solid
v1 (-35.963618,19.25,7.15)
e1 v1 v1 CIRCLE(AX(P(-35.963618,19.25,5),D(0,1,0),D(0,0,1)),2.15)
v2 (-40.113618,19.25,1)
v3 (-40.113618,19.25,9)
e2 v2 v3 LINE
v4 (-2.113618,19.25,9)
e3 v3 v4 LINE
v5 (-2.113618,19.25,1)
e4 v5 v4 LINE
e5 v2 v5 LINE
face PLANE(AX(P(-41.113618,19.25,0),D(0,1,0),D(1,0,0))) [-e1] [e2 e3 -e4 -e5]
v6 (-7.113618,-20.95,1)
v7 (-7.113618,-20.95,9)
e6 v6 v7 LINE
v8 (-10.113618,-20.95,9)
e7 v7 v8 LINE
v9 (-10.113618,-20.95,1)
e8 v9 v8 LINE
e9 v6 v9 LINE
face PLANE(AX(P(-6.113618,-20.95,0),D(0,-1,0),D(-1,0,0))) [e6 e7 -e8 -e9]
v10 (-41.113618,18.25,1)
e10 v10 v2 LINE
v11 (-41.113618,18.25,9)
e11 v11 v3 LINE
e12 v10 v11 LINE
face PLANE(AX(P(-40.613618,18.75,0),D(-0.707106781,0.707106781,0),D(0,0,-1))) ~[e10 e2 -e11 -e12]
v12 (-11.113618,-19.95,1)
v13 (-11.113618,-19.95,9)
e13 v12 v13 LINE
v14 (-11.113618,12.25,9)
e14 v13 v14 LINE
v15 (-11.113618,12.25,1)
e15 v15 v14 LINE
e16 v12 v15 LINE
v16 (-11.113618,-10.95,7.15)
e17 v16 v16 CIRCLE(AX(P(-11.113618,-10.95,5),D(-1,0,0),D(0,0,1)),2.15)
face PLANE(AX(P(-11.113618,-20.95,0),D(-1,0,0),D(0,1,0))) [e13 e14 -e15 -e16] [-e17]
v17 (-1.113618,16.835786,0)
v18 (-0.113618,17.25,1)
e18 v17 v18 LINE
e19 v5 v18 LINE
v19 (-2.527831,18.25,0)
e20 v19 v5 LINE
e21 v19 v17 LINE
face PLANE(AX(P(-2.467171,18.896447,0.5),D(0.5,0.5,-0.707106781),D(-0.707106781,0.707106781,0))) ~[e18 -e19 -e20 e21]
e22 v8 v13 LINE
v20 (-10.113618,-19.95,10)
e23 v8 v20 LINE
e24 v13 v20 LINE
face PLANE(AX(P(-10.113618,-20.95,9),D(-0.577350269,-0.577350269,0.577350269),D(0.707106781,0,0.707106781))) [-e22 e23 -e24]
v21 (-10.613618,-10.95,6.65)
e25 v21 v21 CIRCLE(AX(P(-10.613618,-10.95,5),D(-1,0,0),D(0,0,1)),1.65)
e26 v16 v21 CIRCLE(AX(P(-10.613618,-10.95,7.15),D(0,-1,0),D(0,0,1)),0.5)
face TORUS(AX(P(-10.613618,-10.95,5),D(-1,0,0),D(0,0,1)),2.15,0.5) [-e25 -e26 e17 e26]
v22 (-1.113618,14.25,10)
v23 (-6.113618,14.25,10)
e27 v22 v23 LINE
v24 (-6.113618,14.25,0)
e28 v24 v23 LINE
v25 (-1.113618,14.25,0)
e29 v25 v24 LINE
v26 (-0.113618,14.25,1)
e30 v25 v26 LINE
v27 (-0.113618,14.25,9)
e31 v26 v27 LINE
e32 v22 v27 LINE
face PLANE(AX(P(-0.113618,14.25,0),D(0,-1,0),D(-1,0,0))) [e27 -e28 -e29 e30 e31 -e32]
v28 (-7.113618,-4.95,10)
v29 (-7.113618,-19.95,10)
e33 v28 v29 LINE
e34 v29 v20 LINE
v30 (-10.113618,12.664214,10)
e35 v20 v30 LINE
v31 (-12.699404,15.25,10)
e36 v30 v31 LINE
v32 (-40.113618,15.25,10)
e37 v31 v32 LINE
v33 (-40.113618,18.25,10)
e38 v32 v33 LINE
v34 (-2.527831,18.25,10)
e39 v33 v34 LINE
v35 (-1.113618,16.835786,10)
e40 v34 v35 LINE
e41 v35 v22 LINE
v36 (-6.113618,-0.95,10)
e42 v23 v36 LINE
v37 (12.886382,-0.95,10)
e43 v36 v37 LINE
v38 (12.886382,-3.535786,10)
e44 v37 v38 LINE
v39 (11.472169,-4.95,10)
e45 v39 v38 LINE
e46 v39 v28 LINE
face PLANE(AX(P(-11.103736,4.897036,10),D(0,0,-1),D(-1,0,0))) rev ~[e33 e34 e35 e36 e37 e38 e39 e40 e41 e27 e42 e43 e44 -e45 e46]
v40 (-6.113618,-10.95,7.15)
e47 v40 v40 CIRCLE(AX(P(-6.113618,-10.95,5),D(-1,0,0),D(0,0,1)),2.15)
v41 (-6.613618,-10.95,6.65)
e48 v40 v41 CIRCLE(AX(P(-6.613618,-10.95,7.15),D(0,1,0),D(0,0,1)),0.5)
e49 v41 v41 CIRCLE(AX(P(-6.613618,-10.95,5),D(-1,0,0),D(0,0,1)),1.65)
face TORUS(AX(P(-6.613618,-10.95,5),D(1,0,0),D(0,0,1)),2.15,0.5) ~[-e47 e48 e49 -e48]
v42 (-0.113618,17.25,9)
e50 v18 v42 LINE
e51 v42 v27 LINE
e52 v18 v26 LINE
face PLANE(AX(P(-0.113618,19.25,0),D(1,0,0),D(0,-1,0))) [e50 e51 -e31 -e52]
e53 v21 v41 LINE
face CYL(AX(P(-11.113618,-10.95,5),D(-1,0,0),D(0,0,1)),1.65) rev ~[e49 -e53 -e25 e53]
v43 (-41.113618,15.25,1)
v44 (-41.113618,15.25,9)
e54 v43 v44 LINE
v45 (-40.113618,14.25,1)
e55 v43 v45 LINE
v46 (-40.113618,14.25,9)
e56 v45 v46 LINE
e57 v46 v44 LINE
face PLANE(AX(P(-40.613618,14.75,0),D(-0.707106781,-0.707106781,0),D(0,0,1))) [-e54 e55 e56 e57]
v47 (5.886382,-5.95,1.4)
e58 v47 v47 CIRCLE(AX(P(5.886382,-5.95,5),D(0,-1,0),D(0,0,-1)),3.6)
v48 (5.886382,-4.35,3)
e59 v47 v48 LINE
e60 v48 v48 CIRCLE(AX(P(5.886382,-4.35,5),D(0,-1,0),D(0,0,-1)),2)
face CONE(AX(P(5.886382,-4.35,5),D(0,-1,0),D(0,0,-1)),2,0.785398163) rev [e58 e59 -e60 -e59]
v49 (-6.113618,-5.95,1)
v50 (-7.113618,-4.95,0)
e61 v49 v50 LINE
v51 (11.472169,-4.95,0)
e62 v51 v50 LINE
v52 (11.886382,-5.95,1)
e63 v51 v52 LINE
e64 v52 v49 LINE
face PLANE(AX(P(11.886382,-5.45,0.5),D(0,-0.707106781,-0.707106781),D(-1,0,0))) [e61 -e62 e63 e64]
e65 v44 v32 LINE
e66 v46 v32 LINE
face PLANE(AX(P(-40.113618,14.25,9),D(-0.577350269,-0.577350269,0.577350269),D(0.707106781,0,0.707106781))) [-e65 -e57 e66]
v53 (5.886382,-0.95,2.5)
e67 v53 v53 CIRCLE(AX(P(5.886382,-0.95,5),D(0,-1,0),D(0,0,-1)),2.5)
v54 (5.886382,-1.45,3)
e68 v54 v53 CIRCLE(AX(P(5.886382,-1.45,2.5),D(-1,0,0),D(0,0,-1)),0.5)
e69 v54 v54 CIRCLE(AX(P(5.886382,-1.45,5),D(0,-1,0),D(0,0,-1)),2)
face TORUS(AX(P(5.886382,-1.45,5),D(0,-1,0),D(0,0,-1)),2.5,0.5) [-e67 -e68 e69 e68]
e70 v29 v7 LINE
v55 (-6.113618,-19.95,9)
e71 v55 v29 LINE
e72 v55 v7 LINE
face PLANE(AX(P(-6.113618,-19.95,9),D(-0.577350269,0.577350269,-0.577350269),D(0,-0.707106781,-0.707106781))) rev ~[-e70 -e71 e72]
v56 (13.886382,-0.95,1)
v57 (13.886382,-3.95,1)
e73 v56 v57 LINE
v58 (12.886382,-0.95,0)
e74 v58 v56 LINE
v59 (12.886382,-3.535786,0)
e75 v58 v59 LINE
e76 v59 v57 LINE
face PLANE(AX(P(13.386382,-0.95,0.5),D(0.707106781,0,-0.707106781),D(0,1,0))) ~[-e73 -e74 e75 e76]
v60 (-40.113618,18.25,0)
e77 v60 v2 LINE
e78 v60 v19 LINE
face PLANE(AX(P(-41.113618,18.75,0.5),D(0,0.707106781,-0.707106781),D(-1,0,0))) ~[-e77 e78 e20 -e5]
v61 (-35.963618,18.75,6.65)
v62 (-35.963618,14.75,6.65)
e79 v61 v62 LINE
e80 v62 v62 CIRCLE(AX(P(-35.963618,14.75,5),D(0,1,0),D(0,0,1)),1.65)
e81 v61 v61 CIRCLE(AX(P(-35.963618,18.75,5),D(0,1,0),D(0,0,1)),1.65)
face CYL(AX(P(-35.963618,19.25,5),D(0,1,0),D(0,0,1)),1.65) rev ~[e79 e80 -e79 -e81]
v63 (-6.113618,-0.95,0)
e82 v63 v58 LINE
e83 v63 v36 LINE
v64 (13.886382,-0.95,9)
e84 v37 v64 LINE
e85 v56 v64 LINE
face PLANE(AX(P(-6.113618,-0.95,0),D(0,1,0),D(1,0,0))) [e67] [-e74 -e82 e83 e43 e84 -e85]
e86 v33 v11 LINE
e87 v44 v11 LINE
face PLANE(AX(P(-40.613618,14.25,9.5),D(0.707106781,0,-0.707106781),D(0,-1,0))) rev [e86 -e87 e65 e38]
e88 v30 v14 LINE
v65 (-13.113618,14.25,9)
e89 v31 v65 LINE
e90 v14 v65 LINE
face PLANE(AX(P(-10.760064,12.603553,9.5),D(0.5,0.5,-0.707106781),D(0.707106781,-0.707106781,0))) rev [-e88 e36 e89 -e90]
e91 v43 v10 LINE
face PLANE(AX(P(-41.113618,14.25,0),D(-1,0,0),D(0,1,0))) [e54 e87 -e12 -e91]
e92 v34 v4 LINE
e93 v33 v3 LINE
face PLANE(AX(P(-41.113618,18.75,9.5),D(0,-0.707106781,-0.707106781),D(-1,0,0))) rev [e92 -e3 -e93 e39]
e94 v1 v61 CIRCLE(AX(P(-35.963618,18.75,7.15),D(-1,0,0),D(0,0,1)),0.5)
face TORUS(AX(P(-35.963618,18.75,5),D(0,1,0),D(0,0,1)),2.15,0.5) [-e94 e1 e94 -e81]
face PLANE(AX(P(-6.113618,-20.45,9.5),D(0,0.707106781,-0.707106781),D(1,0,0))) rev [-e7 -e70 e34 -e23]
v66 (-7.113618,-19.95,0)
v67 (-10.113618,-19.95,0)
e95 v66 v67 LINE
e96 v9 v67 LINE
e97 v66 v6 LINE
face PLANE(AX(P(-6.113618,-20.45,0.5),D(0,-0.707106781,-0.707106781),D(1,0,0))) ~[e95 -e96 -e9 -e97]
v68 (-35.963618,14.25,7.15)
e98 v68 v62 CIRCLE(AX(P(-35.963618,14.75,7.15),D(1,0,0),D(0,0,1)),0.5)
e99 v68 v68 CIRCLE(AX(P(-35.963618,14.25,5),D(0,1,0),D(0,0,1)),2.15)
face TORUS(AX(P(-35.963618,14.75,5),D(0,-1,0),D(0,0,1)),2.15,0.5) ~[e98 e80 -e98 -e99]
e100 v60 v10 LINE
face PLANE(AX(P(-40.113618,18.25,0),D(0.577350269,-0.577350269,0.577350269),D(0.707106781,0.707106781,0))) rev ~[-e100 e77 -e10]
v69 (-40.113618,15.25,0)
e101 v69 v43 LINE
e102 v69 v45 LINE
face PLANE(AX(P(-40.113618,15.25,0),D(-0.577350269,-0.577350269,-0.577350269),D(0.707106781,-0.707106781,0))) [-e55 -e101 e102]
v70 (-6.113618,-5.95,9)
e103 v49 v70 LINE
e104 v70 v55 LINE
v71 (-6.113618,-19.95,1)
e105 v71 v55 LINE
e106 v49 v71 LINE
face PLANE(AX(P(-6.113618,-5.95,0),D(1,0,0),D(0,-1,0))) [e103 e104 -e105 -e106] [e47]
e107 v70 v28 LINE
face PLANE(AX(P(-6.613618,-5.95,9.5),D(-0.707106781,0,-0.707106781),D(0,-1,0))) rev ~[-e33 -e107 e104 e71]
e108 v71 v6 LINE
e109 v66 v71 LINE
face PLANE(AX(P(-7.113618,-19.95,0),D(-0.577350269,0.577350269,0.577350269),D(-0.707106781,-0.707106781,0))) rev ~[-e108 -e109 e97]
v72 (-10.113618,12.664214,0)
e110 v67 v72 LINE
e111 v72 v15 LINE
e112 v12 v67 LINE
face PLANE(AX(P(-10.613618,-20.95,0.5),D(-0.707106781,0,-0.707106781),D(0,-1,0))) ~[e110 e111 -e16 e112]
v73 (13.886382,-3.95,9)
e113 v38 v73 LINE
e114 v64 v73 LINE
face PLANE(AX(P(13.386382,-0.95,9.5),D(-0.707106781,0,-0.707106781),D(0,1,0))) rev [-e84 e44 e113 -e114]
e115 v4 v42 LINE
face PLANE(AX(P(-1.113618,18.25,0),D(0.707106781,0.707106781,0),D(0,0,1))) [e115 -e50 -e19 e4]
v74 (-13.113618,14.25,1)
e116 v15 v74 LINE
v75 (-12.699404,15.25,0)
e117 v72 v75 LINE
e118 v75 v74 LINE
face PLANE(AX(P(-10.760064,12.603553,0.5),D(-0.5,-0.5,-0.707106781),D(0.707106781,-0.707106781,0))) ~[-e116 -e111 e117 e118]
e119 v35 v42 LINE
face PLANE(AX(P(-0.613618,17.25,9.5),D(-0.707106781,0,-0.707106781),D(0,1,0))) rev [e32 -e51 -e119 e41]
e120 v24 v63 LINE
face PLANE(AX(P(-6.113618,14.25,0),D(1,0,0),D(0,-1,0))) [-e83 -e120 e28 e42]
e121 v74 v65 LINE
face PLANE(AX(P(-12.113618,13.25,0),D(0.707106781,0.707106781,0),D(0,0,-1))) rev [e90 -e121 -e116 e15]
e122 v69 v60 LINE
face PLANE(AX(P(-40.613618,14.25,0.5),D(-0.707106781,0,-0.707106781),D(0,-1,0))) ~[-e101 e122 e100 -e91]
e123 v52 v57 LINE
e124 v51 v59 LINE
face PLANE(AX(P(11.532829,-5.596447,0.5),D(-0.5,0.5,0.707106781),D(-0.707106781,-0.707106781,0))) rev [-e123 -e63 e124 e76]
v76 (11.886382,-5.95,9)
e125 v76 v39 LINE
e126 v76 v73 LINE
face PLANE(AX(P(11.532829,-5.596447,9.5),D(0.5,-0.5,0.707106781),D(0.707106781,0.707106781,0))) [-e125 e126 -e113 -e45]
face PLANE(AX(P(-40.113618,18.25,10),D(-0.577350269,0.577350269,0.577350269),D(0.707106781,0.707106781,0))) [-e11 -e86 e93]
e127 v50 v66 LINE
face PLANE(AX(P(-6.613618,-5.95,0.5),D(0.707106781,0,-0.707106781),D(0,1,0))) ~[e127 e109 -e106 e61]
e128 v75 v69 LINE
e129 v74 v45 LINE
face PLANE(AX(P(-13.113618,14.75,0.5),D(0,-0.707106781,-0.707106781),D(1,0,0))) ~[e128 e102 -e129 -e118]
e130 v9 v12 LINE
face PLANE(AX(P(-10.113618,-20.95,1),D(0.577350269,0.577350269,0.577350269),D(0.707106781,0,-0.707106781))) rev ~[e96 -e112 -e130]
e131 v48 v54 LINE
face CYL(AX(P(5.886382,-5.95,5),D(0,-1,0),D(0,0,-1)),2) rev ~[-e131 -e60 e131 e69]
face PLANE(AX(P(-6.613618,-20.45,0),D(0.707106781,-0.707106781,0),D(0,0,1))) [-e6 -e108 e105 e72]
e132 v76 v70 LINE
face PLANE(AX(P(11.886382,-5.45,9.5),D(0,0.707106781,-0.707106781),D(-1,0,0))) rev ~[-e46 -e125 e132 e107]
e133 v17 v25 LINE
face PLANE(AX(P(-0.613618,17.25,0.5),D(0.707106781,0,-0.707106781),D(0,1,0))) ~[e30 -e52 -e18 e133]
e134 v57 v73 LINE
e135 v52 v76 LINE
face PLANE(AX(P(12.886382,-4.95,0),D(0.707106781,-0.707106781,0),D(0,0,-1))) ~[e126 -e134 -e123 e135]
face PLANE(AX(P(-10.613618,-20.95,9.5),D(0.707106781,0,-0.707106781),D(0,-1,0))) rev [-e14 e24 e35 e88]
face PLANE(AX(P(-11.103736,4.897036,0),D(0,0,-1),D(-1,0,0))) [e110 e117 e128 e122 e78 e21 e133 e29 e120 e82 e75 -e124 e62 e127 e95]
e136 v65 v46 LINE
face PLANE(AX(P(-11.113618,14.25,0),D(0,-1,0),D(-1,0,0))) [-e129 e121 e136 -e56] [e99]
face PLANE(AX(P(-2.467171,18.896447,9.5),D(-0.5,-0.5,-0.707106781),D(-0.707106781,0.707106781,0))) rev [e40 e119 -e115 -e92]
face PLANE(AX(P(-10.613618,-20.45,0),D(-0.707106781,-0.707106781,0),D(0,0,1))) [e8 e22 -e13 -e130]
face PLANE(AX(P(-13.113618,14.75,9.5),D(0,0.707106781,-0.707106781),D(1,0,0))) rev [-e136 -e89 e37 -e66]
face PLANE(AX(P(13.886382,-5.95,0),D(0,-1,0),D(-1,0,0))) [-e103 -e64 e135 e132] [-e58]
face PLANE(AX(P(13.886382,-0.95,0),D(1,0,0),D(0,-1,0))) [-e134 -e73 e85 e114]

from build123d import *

# Parameters (mm, degrees)
RESSALTO_EXTRUS_O1_DEPTH = 10
ESBO_O3_R                = 2
CORTE_EXTRUS_O1_DEPTH    = 15
CHANFRO1_SIZE            = 1.6
FILETE1_R                = 0.5
CHANFRO5_SIZE            = 2
CHANFRO8_SIZE            = 1
ESBO_O4_R                = 1.65
CORTE_EXTRUS_O2_DEPTH    = 10
FILETE2_R                = 0.5
ESBO_O5_R                = 1.65
CORTE_EXTRUS_O3_DEPTH    = 10
FILETE3_R                = 0.5


with BuildPart() as part:
    # Esboço1 → Ressalto-extrusão1 (new body)
    with BuildSketch(Plane.XY):
        Polygon((-0.113617837, 14.25), (-6.113617837, 14.25), (-6.113617837, -0.95), (13.886382163, -0.95), (13.886382163, -5.95), (-6.113617837, -5.95), (-6.113617837, -20.95), (-11.113617837, -20.95), (-11.113617837, 14.25), (-41.113617837, 14.25), (-41.113617837, 19.25), (-0.113617837, 19.25), align=None)
    extrude(amount=RESSALTO_EXTRUS_O1_DEPTH)

    # Esboço3 → Corte-extrusão1 (cut)
    with BuildSketch(Plane.XZ.offset(5.95)):
        with Locations(Location((5.886382163, 5, 0), (0, 0, 270))):
            Circle(ESBO_O3_R)
    extrude(amount=-CORTE_EXTRUS_O1_DEPTH, mode=Mode.SUBTRACT)

    # Chanfro1
    chanfro1_edges = [part.edges().sort_by_distance(p)[0] for p in [
        (5.886382163, -5.95, 7),
    ]]
    chamfer(chanfro1_edges, length=CHANFRO1_SIZE)

    # Filete1
    filete1_edges = [part.edges().sort_by_distance(p)[0] for p in [
        (5.886382163, -0.95, 7),
    ]]
    fillet(filete1_edges, radius=FILETE1_R)

    # Chanfro5
    chanfro5_edges = [part.edges().sort_by_distance(p)[0] for p in [
        (13.886382163, -5.95, 5),
        (-11.113617837, 14.25, 5),
        (-0.113617837, 19.25, 5),
    ]]
    chamfer(chanfro5_edges, length=CHANFRO5_SIZE)

    # Chanfro8
    chanfro8_edges = [part.edges().sort_by_distance(p)[0] for p in [
        (-41.113617837, 19.25, 5),
        (-41.113617837, 16.75, 10),
        (-41.113617837, 14.25, 5),
        (-41.113617837, 16.75, 0),
        (-0.113617837, 15.75, 0),
        (-21.613617837, 19.25, 0),
        (13.886382163, -2.45, 0),
        (12.886382163, -4.95, 0),
        (2.886382163, -5.95, 0),
        (-11.113617837, -4.35, 0),
        (-12.113617837, 13.25, 0),
        (-27.113617837, 14.25, 0),
        (13.886382163, -2.45, 10),
        (12.886382163, -4.95, 10),
        (2.886382163, -5.95, 10),
        (-11.113617837, -4.35, 10),
        (-12.113617837, 13.25, 10),
        (-27.113617837, 14.25, 10),
        (-0.113617837, 15.75, 10),
        (-21.613617837, 19.25, 10),
        (-1.113617837, 18.25, 0),
        (-1.113617837, 18.25, 10),
        (-11.113617837, -20.95, 5),
        (-8.613617837, -20.95, 10),
        (-6.113617837, -13.45, 10),
        (-6.113617837, -20.95, 5),
        (-6.113617837, -13.45, 0),
        (-8.613617837, -20.95, 0),
    ]]
    chamfer(chanfro8_edges, length=CHANFRO8_SIZE)

    # Esboço4 → Corte-extrusão2 (cut)
    with BuildSketch(Plane(origin=(0, 19.25, 0), x_dir=(1, 0, 0), z_dir=(0, 1, 0))):
        with Locations(Location((-35.963617837, -5, 0), (0, 0, 270))):
            Circle(ESBO_O4_R)
    extrude(amount=-CORTE_EXTRUS_O2_DEPTH, mode=Mode.SUBTRACT)

    # Filete2
    filete2_edges = [part.edges().sort_by_distance(p)[0] for p in [
        (-35.963617837, 14.25, 3.35),
        (-35.963617837, 19.25, 3.35),
    ]]
    fillet(filete2_edges, radius=FILETE2_R)

    # Esboço5 → Corte-extrusão3 (cut)
    with BuildSketch(Plane.ZY.offset(11.113617837)):
        with Locations((5, -10.95)):
            Circle(ESBO_O5_R)
    extrude(amount=-CORTE_EXTRUS_O3_DEPTH, mode=Mode.SUBTRACT)

    # Filete3
    filete3_edges = [part.edges().sort_by_distance(p)[0] for p in [
        (-6.113617837, -10.95, 3.35),
        (-11.113617837, -10.95, 3.35),
    ]]
    fillet(filete3_edges, radius=FILETE3_R)


solid = part.part
